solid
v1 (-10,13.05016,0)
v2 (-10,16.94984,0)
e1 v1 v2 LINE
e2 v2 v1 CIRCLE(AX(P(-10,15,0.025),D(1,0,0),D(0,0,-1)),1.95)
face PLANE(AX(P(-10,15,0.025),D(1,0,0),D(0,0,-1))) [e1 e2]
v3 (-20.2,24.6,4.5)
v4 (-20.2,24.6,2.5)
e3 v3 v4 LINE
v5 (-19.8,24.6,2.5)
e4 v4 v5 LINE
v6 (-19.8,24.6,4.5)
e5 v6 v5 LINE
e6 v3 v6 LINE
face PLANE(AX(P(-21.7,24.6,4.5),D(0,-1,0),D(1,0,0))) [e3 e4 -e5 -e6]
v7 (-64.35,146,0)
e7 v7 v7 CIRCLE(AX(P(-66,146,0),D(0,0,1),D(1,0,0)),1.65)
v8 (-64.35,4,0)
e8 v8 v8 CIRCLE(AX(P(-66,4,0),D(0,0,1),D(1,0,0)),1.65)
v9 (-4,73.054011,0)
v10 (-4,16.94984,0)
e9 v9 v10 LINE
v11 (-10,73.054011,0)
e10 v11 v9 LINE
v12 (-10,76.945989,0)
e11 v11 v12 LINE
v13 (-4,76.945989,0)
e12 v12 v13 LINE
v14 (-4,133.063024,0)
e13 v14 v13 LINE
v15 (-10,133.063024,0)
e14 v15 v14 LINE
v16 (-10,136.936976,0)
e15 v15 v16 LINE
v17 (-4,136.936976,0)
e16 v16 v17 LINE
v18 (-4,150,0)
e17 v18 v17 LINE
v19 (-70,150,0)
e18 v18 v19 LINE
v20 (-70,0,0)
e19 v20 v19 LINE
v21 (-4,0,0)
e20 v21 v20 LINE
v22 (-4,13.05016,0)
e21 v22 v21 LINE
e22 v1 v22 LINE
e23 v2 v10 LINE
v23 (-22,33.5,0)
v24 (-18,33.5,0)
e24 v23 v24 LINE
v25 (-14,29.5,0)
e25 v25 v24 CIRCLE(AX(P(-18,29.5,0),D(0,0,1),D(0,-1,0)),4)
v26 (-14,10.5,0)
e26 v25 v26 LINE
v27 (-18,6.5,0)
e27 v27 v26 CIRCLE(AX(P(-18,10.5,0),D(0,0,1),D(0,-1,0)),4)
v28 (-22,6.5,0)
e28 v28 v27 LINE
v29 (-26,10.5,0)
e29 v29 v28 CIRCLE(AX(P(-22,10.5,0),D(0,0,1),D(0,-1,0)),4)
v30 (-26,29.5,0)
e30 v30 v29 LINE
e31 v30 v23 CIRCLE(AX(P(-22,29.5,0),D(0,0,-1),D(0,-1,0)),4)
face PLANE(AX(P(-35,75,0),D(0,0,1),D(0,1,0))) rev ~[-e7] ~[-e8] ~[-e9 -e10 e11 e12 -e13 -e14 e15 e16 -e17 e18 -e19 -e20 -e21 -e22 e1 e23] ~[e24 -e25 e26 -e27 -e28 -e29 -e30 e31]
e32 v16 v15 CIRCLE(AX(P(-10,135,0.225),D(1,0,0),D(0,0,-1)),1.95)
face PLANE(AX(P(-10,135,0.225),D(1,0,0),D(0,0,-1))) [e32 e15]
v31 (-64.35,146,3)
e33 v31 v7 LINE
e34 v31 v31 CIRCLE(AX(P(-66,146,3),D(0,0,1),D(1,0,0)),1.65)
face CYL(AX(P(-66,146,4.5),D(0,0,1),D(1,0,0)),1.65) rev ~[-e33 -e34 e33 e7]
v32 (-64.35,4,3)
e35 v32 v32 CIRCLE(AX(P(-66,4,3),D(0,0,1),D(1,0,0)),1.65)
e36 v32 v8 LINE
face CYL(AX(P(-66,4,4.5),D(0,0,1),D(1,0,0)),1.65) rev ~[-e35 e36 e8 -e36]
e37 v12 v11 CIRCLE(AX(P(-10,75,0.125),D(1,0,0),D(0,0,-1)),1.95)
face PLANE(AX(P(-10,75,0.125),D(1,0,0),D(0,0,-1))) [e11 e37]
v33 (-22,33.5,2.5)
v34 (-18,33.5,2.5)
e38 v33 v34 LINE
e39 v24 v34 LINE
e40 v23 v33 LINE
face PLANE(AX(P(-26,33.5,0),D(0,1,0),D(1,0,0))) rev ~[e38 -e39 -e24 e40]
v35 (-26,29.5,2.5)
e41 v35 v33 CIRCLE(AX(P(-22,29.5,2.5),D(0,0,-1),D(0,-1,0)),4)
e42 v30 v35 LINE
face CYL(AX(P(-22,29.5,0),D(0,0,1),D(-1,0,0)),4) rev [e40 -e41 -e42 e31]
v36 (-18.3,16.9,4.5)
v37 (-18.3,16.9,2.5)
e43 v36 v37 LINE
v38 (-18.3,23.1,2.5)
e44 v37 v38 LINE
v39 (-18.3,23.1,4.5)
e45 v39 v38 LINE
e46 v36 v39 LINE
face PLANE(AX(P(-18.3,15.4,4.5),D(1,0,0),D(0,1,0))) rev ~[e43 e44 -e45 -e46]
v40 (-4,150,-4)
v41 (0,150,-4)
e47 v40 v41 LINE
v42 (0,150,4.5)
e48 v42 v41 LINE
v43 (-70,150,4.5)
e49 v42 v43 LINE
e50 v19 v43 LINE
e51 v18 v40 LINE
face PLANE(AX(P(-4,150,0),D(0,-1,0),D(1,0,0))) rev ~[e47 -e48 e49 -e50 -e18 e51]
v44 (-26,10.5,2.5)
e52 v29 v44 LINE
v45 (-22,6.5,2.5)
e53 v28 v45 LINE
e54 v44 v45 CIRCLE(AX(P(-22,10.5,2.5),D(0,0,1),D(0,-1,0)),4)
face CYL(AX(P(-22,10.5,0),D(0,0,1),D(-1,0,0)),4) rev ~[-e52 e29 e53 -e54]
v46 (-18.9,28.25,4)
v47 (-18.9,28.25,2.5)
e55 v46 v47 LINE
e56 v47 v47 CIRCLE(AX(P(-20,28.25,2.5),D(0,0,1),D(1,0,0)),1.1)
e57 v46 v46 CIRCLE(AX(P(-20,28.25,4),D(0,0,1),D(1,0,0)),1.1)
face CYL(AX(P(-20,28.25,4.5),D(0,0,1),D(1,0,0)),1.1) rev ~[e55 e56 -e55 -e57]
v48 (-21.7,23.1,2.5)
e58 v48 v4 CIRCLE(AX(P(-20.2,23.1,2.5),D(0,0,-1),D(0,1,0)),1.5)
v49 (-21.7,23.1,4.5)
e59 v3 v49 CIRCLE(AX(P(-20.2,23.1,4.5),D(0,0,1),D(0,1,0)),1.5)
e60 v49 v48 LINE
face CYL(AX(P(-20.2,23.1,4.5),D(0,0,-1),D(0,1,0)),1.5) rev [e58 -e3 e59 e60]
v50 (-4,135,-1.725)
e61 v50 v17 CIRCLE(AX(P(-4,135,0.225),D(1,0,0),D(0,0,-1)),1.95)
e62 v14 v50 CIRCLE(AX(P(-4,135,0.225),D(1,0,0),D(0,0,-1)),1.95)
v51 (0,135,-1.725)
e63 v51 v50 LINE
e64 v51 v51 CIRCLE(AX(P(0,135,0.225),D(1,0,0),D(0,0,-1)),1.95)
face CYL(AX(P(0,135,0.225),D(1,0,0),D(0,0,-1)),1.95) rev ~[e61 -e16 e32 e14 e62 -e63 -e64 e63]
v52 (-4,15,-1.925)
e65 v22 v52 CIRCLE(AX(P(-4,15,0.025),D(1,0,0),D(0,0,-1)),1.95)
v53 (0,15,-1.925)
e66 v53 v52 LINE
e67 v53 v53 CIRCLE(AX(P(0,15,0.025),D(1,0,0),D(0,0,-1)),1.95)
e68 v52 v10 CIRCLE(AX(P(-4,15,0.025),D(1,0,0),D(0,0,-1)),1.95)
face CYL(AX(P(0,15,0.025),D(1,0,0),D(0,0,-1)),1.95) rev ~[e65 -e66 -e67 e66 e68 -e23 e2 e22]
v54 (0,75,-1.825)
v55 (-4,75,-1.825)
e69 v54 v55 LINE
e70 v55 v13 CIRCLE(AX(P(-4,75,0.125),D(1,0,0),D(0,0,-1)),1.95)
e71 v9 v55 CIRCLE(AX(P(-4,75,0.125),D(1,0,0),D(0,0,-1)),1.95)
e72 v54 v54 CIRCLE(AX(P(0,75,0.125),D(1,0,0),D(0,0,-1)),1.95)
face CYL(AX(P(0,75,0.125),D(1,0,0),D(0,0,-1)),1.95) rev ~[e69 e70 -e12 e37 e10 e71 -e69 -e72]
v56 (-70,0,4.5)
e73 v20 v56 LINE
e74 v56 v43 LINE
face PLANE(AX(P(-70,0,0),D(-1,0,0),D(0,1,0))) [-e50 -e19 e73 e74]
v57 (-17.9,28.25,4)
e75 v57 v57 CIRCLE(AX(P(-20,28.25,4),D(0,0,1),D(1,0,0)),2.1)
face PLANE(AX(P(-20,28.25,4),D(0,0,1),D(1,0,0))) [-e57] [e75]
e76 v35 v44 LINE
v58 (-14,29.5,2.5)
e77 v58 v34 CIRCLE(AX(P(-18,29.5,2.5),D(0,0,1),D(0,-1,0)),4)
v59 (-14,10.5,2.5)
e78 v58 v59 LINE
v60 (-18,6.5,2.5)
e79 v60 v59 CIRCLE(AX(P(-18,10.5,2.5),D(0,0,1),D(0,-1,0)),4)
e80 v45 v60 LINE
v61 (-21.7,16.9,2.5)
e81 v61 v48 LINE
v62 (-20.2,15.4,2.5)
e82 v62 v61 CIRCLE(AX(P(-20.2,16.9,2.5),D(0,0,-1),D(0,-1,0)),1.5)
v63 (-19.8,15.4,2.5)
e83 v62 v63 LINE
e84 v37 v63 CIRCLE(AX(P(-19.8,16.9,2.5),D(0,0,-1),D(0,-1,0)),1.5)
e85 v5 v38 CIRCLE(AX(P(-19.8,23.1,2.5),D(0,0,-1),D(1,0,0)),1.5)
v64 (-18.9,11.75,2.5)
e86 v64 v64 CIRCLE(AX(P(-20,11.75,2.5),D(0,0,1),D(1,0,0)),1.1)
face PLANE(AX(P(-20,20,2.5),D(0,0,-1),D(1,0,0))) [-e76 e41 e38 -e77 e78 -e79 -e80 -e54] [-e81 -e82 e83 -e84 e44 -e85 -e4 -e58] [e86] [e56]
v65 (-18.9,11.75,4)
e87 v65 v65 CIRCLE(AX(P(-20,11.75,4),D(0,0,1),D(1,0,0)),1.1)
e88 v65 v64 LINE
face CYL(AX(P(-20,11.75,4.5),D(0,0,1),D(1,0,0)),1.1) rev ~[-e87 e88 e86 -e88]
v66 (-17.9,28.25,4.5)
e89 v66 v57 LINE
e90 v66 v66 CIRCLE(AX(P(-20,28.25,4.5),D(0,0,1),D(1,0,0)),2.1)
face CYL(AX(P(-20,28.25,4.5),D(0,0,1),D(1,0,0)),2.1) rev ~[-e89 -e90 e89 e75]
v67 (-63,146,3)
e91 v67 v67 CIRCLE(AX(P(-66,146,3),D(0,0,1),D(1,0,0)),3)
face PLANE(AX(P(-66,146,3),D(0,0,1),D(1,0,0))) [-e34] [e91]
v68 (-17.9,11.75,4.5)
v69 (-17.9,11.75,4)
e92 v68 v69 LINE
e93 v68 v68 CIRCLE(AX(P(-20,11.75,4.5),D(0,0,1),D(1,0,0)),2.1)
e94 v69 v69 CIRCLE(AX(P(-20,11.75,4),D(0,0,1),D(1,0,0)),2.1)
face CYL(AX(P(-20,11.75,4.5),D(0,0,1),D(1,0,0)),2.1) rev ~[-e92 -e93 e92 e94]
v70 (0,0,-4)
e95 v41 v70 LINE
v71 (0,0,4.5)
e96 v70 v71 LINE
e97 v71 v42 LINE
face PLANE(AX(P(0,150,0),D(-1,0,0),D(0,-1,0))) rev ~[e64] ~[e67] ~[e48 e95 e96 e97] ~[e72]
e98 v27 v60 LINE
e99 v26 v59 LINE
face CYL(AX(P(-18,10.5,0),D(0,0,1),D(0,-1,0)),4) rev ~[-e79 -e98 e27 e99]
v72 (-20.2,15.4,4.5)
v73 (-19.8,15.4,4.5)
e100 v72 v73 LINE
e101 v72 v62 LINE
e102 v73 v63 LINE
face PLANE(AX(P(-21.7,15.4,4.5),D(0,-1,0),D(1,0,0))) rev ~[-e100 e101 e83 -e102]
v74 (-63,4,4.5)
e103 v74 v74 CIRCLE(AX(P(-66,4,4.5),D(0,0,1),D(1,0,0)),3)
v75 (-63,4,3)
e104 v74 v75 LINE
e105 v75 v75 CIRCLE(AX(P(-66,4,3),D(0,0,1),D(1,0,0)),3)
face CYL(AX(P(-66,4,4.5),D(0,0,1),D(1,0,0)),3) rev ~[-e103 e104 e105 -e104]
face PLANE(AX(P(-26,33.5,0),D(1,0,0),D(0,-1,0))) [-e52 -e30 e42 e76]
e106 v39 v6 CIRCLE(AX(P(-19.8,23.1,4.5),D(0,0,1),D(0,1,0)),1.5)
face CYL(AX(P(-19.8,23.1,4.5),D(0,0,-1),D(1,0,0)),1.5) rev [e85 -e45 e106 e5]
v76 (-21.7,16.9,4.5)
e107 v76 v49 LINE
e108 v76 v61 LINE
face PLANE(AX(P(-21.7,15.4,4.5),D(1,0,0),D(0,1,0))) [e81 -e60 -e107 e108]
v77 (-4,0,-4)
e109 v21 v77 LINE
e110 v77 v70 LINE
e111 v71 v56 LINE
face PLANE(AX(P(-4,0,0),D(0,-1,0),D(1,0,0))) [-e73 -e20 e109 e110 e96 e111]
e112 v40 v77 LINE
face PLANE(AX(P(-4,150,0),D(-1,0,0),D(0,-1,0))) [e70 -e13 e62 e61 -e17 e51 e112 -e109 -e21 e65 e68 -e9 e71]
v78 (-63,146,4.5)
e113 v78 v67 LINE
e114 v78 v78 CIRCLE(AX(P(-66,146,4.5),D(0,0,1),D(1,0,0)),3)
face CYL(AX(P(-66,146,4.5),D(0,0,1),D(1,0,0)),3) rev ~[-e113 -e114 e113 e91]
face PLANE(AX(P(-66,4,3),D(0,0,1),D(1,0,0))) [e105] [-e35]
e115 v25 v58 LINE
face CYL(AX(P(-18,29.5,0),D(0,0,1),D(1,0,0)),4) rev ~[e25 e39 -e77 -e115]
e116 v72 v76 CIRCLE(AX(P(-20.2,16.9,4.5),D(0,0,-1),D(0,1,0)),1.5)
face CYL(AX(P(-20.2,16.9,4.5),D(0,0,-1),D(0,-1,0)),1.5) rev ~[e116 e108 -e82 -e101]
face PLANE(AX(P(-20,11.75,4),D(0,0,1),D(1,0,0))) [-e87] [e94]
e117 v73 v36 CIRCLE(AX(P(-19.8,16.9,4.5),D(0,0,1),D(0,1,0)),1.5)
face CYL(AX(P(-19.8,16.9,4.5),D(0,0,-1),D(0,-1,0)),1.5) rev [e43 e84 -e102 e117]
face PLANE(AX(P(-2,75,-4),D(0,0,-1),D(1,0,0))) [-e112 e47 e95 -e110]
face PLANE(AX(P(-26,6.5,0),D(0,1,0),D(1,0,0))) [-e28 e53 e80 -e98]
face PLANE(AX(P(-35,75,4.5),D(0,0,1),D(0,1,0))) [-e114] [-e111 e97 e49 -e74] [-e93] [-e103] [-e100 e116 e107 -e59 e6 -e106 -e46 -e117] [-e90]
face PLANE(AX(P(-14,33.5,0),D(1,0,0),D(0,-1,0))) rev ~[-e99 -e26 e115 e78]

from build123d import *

# Parameters (mm, degrees)
SKETCH1_W           = 150
SKETCH1_H           = 70
BOSS_EXTRUDE1_DEPTH = 4.5
SKETCH7_W           = 4
SKETCH7_H           = 150
BOSS_EXTRUDE2_DEPTH = 4
SKETCH8_R           = 1.95
CUT_EXTRUDE5_DEPTH  = 10
SKETCH9_R           = 1.65
CUT_EXTRUDE6_DEPTH  = 166.747549001
SKETCH10_R          = 3
CUT_EXTRUDE7_DEPTH  = 1.5
SKETCH13_R          = 2.1
CUT_EXTRUDE10_DEPTH = 0.5
SKETCH14_R          = 1.1
SKETCH14_W          = 3.4
SKETCH14_H          = 9.2
CUT_EXTRUDE11_DEPTH = 166.747549001
FILLET3_R           = 1.5
SKETCH15_W          = 12
SKETCH15_H          = 27
CUT_EXTRUDE12_DEPTH = 2.5
FILLET4_R           = 4


with BuildPart() as part:
    # Sketch1 → Boss-Extrude1 (new body)
    with BuildSketch(Plane(origin=(0, 0, 0), x_dir=(0, 1, 0), z_dir=(0, 0, 1))):
        with Locations((75, 35)):
            Rectangle(SKETCH1_W, SKETCH1_H)
    extrude(amount=BOSS_EXTRUDE1_DEPTH)

    # Sketch7 → Boss-Extrude2 (add)
    with BuildSketch(Plane(origin=(0, 0, 0), x_dir=(1, 0, 0), z_dir=(0, 0, -1))):
        with Locations((-2, -75)):
            Rectangle(SKETCH7_W, SKETCH7_H)
    extrude(amount=BOSS_EXTRUDE2_DEPTH)

    # Sketch8 → Cut-Extrude5 (cut)
    with BuildSketch(Plane.YZ):
        with Locations(Location((15, 0.025, 0), (0, 0, 270))):
            Circle(SKETCH8_R)
        with Locations(Location((75, 0.125, 0), (0, 0, 270))):
            Circle(SKETCH8_R)
        with Locations(Location((135, 0.225, 0), (0, 0, 270))):
            Circle(SKETCH8_R)
    extrude(amount=-CUT_EXTRUDE5_DEPTH, mode=Mode.SUBTRACT)

    # Sketch9 → Cut-Extrude6 (cut, through all)
    with BuildSketch(Plane.XY.offset(4.5)):
        with Locations((-66, 146)):
            Circle(SKETCH9_R)
        with Locations((-66, 4)):
            Circle(SKETCH9_R)
    extrude(amount=-CUT_EXTRUDE6_DEPTH, mode=Mode.SUBTRACT)

    # Sketch10 → Cut-Extrude7 (cut)
    with BuildSketch(Plane.XY.offset(4.5)):
        with Locations((-66, 146)):
            Circle(SKETCH10_R)
        with Locations((-66, 4)):
            Circle(SKETCH10_R)
    extrude(amount=-CUT_EXTRUDE7_DEPTH, mode=Mode.SUBTRACT)

    # Sketch13 → Cut-Extrude10 (cut)
    with BuildSketch(Plane.XY.offset(4.5)):
        with Locations((-20, 28.25)):
            Circle(SKETCH13_R)
        with Locations((-20, 11.75)):
            Circle(SKETCH13_R)
    extrude(amount=-CUT_EXTRUDE10_DEPTH, mode=Mode.SUBTRACT)

    # Sketch14 → Cut-Extrude11 (cut, through all)
    with BuildSketch(Plane.XY.offset(4.5)):
        with Locations((-20, 11.75)):
            Circle(SKETCH14_R)
        with Locations((-20, 28.25)):
            Circle(SKETCH14_R)
        with Locations((-20, 20)):
            Rectangle(SKETCH14_W, SKETCH14_H)
    extrude(amount=-CUT_EXTRUDE11_DEPTH, mode=Mode.SUBTRACT)

    # Fillet3
    fillet3_edges = [part.edges().sort_by_distance(p)[0] for p in [
        (-18.3, 24.6, 2.25),
        (-18.3, 15.4, 2.25),
        (-21.7, 15.4, 2.25),
        (-21.7, 24.6, 2.25),
    ]]
    fillet(fillet3_edges, radius=FILLET3_R)

    # Sketch15 → Cut-Extrude12 (cut)
    with BuildSketch(Plane(origin=(0, 0, 0), x_dir=(1, 0, 0), z_dir=(0, 0, -1))):
        with Locations((-20, -20)):
            Rectangle(SKETCH15_W, SKETCH15_H)
    extrude(amount=-CUT_EXTRUDE12_DEPTH, mode=Mode.SUBTRACT)

    # Fillet4
    fillet4_edges = [part.edges().sort_by_distance(p)[0] for p in [
        (-14, 6.5, 1.25),
        (-14, 33.5, 1.25),
        (-26, 33.5, 1.25),
        (-26, 6.5, 1.25),
    ]]
    fillet(fillet4_edges, radius=FILLET4_R)


solid = part.part
